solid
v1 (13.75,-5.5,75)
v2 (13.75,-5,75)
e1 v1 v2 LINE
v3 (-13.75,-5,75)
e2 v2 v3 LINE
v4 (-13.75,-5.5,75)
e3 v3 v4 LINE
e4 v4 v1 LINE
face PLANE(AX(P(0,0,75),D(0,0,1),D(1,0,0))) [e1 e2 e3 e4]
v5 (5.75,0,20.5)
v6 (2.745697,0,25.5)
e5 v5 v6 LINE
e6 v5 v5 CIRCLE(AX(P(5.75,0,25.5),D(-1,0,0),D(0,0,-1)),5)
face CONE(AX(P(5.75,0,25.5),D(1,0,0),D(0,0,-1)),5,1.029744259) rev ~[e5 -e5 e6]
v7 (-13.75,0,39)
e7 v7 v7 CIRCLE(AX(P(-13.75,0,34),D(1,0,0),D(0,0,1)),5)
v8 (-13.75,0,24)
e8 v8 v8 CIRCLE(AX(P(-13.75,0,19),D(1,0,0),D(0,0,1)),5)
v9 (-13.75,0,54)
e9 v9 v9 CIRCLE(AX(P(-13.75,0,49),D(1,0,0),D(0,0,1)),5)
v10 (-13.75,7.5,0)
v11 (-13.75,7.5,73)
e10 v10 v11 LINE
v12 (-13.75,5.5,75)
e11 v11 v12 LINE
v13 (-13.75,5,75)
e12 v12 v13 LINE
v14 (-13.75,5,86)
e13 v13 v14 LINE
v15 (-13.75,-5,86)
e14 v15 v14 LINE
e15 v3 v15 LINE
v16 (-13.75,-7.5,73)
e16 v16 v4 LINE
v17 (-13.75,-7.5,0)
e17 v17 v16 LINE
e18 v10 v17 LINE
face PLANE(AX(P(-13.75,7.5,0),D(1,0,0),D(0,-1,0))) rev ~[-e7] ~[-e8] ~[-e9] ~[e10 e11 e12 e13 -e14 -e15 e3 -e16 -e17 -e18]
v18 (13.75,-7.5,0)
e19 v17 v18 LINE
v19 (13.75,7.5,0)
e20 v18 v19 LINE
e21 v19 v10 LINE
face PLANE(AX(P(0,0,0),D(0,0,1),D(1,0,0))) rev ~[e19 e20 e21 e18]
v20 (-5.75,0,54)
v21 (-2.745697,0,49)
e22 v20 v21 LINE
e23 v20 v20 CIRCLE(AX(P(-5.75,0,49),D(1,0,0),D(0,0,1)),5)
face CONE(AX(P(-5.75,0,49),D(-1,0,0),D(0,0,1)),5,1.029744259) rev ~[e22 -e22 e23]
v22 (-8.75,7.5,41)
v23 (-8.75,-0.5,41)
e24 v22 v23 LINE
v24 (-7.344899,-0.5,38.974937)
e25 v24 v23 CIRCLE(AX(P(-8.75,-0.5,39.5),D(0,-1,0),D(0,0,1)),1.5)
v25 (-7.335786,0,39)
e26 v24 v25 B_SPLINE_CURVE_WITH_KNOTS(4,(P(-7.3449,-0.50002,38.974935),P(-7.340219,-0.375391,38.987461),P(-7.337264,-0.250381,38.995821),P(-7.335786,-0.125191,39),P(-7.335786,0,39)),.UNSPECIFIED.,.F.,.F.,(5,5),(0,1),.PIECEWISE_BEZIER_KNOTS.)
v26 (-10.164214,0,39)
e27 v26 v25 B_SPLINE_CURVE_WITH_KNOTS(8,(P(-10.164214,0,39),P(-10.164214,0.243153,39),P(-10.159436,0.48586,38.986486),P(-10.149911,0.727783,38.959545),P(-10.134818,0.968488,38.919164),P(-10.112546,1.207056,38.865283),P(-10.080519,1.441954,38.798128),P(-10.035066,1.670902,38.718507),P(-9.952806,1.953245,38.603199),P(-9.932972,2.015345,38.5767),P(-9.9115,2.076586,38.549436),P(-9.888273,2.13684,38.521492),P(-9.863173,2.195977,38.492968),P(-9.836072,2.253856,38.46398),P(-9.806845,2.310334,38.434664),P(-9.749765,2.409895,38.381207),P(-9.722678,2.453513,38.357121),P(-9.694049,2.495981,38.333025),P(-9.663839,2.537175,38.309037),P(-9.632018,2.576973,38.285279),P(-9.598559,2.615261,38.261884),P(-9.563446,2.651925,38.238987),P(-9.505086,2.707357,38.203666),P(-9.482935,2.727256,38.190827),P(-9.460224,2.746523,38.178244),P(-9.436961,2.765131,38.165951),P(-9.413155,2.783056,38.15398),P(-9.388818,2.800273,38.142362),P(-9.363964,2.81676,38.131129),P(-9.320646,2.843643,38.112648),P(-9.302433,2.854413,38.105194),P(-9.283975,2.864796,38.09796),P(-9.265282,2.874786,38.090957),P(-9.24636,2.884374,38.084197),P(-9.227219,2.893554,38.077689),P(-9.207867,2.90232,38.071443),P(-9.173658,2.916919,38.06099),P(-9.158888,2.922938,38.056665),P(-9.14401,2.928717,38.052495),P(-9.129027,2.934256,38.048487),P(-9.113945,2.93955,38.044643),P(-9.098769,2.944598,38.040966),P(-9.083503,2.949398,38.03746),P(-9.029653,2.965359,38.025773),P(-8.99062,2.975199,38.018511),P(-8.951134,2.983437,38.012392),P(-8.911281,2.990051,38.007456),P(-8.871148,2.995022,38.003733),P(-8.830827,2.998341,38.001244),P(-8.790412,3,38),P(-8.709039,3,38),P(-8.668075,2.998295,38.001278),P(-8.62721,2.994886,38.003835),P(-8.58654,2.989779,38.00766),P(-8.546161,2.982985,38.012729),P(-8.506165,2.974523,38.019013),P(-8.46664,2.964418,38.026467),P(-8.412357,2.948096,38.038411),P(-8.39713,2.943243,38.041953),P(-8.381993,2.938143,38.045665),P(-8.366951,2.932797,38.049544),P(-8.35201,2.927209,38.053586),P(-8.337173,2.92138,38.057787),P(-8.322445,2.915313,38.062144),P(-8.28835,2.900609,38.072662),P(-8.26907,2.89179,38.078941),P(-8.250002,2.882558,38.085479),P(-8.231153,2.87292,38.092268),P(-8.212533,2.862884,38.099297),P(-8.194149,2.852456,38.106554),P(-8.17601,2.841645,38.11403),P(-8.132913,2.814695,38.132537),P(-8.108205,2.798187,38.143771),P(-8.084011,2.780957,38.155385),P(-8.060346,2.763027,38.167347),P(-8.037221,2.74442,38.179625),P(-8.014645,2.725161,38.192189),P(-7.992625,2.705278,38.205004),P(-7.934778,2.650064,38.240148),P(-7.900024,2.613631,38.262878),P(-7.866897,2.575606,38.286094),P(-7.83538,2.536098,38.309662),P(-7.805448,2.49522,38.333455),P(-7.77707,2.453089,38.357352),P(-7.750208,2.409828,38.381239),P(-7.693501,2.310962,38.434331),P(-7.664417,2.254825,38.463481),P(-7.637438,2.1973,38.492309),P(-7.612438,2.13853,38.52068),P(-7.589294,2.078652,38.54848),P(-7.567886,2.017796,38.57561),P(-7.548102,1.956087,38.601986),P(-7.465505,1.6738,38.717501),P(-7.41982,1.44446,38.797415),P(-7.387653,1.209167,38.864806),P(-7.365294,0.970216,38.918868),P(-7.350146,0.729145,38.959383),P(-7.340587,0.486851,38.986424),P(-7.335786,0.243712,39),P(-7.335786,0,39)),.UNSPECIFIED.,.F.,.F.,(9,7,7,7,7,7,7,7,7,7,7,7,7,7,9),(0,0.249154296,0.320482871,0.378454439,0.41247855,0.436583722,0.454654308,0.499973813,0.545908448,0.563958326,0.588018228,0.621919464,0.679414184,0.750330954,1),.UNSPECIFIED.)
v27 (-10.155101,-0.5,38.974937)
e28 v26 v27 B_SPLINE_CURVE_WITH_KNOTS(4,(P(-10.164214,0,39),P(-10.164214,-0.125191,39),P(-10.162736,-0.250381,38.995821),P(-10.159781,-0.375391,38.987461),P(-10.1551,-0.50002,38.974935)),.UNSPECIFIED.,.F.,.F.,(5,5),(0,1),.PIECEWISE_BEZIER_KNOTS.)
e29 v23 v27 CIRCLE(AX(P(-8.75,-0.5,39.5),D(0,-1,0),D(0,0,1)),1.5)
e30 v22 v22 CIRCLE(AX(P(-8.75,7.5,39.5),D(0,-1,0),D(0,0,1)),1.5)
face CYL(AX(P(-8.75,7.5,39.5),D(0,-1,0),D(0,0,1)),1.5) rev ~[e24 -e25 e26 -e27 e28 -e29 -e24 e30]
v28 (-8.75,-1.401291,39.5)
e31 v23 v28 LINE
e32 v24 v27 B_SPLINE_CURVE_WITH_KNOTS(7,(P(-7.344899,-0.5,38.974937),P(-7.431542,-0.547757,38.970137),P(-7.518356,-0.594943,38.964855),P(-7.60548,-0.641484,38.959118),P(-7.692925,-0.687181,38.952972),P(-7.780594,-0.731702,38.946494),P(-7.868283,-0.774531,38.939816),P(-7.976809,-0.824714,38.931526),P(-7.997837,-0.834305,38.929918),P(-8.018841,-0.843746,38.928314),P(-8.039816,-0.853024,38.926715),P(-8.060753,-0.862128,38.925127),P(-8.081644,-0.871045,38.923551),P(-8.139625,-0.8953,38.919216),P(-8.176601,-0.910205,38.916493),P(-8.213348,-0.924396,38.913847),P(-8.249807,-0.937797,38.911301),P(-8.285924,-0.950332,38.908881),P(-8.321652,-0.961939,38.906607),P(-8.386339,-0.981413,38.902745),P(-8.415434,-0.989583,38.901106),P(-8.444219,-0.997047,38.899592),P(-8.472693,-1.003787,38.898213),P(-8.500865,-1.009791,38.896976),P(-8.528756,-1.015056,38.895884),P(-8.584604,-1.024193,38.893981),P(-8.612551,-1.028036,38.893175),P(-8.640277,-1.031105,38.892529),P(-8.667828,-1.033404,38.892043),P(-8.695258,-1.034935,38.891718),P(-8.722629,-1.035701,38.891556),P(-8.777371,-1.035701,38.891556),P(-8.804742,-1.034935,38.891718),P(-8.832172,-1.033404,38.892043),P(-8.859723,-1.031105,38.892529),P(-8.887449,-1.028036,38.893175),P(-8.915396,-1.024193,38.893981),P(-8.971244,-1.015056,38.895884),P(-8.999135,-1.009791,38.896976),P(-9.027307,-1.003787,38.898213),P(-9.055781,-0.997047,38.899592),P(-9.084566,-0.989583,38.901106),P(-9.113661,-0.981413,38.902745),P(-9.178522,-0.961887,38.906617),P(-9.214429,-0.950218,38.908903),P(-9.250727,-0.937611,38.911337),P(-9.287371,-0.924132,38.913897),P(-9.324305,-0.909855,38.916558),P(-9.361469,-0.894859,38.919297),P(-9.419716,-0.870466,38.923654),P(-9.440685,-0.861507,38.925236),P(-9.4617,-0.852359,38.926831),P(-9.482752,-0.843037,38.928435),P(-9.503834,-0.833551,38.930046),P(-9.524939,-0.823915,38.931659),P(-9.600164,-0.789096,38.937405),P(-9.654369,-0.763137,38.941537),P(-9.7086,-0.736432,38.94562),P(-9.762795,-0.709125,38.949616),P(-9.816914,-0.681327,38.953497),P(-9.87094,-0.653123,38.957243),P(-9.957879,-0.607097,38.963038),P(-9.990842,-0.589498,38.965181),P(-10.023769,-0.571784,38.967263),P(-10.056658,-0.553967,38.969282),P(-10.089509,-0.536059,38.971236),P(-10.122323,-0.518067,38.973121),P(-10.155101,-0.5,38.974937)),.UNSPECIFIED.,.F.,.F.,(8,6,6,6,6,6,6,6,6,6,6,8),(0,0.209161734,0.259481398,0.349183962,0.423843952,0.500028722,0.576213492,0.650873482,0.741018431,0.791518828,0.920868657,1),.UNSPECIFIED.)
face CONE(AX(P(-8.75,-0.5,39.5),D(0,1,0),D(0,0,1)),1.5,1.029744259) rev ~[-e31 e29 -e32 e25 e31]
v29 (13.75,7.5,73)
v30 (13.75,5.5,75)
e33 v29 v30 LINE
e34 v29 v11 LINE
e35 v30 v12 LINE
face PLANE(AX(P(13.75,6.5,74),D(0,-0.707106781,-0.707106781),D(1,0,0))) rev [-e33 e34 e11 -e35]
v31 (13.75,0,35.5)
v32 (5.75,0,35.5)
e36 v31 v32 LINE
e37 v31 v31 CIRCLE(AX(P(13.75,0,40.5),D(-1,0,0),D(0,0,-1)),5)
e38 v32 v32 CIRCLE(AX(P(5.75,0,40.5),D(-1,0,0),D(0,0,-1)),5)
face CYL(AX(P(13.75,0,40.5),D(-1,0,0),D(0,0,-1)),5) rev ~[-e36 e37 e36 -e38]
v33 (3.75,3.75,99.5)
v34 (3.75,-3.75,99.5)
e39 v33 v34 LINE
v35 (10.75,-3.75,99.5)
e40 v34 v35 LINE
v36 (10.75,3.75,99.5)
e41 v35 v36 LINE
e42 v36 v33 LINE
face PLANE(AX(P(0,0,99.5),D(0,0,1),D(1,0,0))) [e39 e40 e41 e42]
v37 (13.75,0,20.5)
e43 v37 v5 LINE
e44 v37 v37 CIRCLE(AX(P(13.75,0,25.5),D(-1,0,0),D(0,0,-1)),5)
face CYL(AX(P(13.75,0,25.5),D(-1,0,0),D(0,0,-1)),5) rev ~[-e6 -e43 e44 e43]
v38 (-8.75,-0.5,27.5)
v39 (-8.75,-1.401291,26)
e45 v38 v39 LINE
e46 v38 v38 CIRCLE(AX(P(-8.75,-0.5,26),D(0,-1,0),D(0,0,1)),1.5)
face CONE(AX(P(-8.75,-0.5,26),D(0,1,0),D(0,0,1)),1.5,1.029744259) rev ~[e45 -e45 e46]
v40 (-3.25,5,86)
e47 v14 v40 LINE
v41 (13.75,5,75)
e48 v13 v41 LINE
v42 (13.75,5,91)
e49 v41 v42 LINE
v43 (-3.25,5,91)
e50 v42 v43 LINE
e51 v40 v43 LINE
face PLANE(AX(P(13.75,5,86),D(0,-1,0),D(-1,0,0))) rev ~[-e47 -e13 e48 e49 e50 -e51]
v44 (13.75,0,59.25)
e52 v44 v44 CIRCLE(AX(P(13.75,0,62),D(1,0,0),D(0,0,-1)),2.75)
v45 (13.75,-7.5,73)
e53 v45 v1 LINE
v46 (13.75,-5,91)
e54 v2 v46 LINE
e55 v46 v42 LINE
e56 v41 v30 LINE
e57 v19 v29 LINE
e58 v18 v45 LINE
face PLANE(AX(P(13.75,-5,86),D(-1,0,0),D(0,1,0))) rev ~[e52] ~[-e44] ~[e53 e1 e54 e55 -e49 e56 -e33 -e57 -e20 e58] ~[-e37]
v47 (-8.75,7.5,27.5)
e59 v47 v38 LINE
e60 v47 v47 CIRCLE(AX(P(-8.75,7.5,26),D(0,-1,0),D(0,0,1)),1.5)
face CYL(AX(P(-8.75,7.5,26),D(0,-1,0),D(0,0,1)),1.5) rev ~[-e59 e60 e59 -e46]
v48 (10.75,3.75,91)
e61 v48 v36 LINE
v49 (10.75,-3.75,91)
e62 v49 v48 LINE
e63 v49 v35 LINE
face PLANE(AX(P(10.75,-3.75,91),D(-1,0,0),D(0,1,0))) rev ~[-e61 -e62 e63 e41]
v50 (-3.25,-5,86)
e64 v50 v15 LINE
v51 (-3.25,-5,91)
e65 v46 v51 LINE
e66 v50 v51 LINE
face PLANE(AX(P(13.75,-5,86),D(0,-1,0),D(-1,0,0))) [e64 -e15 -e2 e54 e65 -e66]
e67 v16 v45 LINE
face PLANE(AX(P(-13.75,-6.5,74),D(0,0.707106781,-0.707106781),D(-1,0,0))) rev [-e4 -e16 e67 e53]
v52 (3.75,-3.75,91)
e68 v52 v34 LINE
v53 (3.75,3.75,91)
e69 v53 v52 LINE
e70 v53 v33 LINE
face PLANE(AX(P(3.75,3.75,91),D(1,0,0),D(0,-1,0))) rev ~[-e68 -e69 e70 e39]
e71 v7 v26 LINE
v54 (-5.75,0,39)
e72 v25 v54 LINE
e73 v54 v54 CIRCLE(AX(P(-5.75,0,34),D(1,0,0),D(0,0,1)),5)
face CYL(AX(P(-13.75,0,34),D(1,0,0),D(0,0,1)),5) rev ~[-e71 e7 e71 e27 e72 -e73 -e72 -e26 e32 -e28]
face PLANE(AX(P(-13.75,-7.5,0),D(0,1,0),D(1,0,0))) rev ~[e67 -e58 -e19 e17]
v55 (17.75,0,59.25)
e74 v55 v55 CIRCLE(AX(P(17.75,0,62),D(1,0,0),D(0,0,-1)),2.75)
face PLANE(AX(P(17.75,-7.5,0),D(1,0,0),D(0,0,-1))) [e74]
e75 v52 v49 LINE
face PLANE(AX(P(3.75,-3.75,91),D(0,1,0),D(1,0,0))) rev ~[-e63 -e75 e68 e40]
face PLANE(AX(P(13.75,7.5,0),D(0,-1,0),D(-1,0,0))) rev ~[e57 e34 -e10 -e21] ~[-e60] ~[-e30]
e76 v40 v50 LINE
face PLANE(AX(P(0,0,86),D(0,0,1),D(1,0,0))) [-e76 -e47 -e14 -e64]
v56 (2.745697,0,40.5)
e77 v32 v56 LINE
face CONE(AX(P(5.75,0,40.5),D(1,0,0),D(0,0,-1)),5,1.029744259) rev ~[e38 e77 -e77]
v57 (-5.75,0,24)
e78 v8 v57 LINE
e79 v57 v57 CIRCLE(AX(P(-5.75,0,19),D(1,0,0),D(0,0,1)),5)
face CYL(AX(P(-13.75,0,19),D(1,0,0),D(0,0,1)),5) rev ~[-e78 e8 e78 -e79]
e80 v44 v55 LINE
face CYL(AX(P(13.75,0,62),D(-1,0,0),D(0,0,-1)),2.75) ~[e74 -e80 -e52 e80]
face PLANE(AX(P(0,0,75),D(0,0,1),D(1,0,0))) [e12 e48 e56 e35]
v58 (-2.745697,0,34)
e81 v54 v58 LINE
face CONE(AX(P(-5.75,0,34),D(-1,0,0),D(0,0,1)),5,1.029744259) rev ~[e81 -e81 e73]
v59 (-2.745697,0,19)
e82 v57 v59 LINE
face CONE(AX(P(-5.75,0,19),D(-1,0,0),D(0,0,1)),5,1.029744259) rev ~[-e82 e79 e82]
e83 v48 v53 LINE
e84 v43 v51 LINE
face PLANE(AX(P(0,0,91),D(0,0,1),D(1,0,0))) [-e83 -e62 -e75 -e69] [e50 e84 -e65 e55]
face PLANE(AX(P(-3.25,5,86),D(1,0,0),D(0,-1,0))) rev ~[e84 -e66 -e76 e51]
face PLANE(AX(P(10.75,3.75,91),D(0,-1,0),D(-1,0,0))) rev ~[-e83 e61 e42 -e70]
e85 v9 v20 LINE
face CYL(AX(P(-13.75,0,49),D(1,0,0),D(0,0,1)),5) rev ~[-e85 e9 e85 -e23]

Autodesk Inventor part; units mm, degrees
ref_plane "YZ Plane" through (0, 0, 0) normal (1, 0, 0) x (0, 1, 0)
ref_plane "XZ Plane" through (0, 0, 0) normal (0, 1, 0) x (-1, 0, 0)
ref_plane "XY Plane" through (0, 0, 0) normal (0, 0, 1) x (1, 0, 0)
sketch "スケッチ1" plane through (0, 0, 0) normal (0, 0, 1) x (1, 0, 0)
  line L0 (-13.75, -7.5) -> (13.75, -7.5)
  line L1 (13.75, -7.5) -> (13.75, 7.5)
  line L2 (13.75, 7.5) -> (-13.75, 7.5)
  line L3 (-13.75, 7.5) -> (-13.75, -7.5)
  line L4 (-13.75, -7.5) -> (13.75, 7.5) construction
  line L5 (13.75, -7.5) -> (-13.75, 7.5) construction
  point P0 (0, 0)
  dimension "d0" = 27.5
  dimension "d1" = 15
extrude "押し出し1" add sketch "スケッチ1" along normal blind 75
sketch "スケッチ2" plane through (0, 0, 75) normal (0, 0, 1) x (1, 0, 0)
  line L0 (-13.75, 5) -> (13.75, 5)
  line L1 (13.75, 5) -> (13.75, -5)
  line L2 (13.75, -5) -> (-13.75, -5)
  line L3 (-13.75, -5) -> (-13.75, 5)
  line L4 (-13.75, 5) -> (13.75, -5) construction
  line L5 (13.75, 5) -> (-13.75, -5) construction
  point P0 (0, 0)
  dimension "d4" = 27.5
  dimension "d5" = 10
extrude "押し出し2" add sketch "スケッチ2" along normal blind 11
chamfer "面取り1" distance 2 angle 45 2 edges at (0, 7.5, 75) (0, -7.5, 75)
sketch "スケッチ3" plane through (0, 0, 86) normal (0, 0, 1) x (1, 0, 0)
  line L0 (13.75, -5) -> (13.75, 5) projected
  line L1 (13.75, -5) -> (-13.75, -5) projected
  line L2 (13.75, 5) -> (-3.25, 5)
  line L3 (-3.25, 5) -> (-3.25, -5)
  line L4 (-3.25, -5) -> (13.75, -5)
  line L5 (13.75, -5) -> (13.75, 5)
  point P0 (0, 0)
  dimension "d11" = 17
extrude "押し出し3" add sketch "スケッチ3" along normal blind 5
sketch "スケッチ4" plane through (0, 0, 91) normal (0, 0, 1) x (1, 0, 0)
  line L0 (3.75, -3.75) -> (10.75, -3.75)
  line L1 (10.75, -3.75) -> (10.75, 3.75)
  line L2 (10.75, 3.75) -> (3.75, 3.75)
  line L3 (3.75, 3.75) -> (3.75, -3.75)
  line L4 (3.75, -3.75) -> (10.75, 3.75) construction
  line L5 (10.75, -3.75) -> (3.75, 3.75) construction
  line L6 (13.75, -5) -> (13.75, 5) projected
  point P0 (0, 0)
  point P1 (7.25, 0)
  dimension "d14" = 7
  dimension "d15" = 7.5
  dimension "d16" = 3
extrude "押し出し4" add sketch "スケッチ4" along normal blind 8.5
sketch "スケッチ5" plane through (13.75, -7.5, 0) normal (1, 0, 0) x (0, 0, -1)
  line L0 (0, 7.5) -> (-91, 7.5) construction
  line L1 (-91, 2.5) -> (-91, 12.5) projected
  line L2 (0, 0) -> (0, 15) projected
  point P0 (-25.5, 7.5)
  point P1 (-40.5, 7.5)
  dimension "d19" = 25.5
  dimension "d20" = 15
hole "穴1" at (13.75, 0, 25.5) at (13.75, 0, 40.5) direction (-1, 0, 0) diameter 10 depth 8 tip angle 118
sketch "スケッチ6" plane through (-13.75, -7.5, 0) normal (-1, 0, 0) x (0, 0, 1)
  line L0 (0, 7.5) -> (86, 7.5) construction
  line L1 (86, 2.5) -> (86, 12.5) projected
  line L2 (0, 15) -> (0, 0) projected
  point P0 (34, 7.5)
  point P1 (19, 7.5)
  point P2 (49, 7.5)
  dimension "d28" = 19
  dimension "d29" = 15
  dimension "d30" = 15
hole "穴2" at (-13.75, 0, 34) at (-13.75, 0, 19) at (-13.75, 0, 49) direction (1, 0, 0) diameter 10 depth 8 tip angle 118
sketch "スケッチ7" plane through (-13.75, 7.5, 0) normal (0, 1, 0) x (1, 0, 0)
  line L0 (27.5, 0) -> (0, 0) projected
  line L1 (5, 0) -> (5, -72.92) construction
  line L2 (0, 0) -> (0, -73) projected
  point P0 (13.75, 0)
  point P1 (5, -26)
  point P2 (5, -39.5)
  dimension "d38" = 5
  dimension "d39" = 26
  dimension "d40" = 13.5
hole "穴3" at (-8.75, 7.5, 26) at (-8.75, 7.5, 39.5) direction (0, -1, 0) diameter 3 depth 8 tip angle 118
sketch "スケッチ8" plane through (13.75, -7.5, 0) normal (1, 0, 0) x (0, 0, -1)
  line L0 (0, 7.5) -> (-99.5, 7.5) construction
  line L1 (-99.5, 3.75) -> (-99.5, 11.25) projected
  circle A0 centre (-62, 7.5) radius 2.75
  line L2 (0, 0) -> (0, 15) projected
  dimension "d48" = 5.5
  dimension "d49" = 62
extrude "押し出し5" add sketch "スケッチ8" along normal blind 4
properties part number "solenoid _valve_sa"
